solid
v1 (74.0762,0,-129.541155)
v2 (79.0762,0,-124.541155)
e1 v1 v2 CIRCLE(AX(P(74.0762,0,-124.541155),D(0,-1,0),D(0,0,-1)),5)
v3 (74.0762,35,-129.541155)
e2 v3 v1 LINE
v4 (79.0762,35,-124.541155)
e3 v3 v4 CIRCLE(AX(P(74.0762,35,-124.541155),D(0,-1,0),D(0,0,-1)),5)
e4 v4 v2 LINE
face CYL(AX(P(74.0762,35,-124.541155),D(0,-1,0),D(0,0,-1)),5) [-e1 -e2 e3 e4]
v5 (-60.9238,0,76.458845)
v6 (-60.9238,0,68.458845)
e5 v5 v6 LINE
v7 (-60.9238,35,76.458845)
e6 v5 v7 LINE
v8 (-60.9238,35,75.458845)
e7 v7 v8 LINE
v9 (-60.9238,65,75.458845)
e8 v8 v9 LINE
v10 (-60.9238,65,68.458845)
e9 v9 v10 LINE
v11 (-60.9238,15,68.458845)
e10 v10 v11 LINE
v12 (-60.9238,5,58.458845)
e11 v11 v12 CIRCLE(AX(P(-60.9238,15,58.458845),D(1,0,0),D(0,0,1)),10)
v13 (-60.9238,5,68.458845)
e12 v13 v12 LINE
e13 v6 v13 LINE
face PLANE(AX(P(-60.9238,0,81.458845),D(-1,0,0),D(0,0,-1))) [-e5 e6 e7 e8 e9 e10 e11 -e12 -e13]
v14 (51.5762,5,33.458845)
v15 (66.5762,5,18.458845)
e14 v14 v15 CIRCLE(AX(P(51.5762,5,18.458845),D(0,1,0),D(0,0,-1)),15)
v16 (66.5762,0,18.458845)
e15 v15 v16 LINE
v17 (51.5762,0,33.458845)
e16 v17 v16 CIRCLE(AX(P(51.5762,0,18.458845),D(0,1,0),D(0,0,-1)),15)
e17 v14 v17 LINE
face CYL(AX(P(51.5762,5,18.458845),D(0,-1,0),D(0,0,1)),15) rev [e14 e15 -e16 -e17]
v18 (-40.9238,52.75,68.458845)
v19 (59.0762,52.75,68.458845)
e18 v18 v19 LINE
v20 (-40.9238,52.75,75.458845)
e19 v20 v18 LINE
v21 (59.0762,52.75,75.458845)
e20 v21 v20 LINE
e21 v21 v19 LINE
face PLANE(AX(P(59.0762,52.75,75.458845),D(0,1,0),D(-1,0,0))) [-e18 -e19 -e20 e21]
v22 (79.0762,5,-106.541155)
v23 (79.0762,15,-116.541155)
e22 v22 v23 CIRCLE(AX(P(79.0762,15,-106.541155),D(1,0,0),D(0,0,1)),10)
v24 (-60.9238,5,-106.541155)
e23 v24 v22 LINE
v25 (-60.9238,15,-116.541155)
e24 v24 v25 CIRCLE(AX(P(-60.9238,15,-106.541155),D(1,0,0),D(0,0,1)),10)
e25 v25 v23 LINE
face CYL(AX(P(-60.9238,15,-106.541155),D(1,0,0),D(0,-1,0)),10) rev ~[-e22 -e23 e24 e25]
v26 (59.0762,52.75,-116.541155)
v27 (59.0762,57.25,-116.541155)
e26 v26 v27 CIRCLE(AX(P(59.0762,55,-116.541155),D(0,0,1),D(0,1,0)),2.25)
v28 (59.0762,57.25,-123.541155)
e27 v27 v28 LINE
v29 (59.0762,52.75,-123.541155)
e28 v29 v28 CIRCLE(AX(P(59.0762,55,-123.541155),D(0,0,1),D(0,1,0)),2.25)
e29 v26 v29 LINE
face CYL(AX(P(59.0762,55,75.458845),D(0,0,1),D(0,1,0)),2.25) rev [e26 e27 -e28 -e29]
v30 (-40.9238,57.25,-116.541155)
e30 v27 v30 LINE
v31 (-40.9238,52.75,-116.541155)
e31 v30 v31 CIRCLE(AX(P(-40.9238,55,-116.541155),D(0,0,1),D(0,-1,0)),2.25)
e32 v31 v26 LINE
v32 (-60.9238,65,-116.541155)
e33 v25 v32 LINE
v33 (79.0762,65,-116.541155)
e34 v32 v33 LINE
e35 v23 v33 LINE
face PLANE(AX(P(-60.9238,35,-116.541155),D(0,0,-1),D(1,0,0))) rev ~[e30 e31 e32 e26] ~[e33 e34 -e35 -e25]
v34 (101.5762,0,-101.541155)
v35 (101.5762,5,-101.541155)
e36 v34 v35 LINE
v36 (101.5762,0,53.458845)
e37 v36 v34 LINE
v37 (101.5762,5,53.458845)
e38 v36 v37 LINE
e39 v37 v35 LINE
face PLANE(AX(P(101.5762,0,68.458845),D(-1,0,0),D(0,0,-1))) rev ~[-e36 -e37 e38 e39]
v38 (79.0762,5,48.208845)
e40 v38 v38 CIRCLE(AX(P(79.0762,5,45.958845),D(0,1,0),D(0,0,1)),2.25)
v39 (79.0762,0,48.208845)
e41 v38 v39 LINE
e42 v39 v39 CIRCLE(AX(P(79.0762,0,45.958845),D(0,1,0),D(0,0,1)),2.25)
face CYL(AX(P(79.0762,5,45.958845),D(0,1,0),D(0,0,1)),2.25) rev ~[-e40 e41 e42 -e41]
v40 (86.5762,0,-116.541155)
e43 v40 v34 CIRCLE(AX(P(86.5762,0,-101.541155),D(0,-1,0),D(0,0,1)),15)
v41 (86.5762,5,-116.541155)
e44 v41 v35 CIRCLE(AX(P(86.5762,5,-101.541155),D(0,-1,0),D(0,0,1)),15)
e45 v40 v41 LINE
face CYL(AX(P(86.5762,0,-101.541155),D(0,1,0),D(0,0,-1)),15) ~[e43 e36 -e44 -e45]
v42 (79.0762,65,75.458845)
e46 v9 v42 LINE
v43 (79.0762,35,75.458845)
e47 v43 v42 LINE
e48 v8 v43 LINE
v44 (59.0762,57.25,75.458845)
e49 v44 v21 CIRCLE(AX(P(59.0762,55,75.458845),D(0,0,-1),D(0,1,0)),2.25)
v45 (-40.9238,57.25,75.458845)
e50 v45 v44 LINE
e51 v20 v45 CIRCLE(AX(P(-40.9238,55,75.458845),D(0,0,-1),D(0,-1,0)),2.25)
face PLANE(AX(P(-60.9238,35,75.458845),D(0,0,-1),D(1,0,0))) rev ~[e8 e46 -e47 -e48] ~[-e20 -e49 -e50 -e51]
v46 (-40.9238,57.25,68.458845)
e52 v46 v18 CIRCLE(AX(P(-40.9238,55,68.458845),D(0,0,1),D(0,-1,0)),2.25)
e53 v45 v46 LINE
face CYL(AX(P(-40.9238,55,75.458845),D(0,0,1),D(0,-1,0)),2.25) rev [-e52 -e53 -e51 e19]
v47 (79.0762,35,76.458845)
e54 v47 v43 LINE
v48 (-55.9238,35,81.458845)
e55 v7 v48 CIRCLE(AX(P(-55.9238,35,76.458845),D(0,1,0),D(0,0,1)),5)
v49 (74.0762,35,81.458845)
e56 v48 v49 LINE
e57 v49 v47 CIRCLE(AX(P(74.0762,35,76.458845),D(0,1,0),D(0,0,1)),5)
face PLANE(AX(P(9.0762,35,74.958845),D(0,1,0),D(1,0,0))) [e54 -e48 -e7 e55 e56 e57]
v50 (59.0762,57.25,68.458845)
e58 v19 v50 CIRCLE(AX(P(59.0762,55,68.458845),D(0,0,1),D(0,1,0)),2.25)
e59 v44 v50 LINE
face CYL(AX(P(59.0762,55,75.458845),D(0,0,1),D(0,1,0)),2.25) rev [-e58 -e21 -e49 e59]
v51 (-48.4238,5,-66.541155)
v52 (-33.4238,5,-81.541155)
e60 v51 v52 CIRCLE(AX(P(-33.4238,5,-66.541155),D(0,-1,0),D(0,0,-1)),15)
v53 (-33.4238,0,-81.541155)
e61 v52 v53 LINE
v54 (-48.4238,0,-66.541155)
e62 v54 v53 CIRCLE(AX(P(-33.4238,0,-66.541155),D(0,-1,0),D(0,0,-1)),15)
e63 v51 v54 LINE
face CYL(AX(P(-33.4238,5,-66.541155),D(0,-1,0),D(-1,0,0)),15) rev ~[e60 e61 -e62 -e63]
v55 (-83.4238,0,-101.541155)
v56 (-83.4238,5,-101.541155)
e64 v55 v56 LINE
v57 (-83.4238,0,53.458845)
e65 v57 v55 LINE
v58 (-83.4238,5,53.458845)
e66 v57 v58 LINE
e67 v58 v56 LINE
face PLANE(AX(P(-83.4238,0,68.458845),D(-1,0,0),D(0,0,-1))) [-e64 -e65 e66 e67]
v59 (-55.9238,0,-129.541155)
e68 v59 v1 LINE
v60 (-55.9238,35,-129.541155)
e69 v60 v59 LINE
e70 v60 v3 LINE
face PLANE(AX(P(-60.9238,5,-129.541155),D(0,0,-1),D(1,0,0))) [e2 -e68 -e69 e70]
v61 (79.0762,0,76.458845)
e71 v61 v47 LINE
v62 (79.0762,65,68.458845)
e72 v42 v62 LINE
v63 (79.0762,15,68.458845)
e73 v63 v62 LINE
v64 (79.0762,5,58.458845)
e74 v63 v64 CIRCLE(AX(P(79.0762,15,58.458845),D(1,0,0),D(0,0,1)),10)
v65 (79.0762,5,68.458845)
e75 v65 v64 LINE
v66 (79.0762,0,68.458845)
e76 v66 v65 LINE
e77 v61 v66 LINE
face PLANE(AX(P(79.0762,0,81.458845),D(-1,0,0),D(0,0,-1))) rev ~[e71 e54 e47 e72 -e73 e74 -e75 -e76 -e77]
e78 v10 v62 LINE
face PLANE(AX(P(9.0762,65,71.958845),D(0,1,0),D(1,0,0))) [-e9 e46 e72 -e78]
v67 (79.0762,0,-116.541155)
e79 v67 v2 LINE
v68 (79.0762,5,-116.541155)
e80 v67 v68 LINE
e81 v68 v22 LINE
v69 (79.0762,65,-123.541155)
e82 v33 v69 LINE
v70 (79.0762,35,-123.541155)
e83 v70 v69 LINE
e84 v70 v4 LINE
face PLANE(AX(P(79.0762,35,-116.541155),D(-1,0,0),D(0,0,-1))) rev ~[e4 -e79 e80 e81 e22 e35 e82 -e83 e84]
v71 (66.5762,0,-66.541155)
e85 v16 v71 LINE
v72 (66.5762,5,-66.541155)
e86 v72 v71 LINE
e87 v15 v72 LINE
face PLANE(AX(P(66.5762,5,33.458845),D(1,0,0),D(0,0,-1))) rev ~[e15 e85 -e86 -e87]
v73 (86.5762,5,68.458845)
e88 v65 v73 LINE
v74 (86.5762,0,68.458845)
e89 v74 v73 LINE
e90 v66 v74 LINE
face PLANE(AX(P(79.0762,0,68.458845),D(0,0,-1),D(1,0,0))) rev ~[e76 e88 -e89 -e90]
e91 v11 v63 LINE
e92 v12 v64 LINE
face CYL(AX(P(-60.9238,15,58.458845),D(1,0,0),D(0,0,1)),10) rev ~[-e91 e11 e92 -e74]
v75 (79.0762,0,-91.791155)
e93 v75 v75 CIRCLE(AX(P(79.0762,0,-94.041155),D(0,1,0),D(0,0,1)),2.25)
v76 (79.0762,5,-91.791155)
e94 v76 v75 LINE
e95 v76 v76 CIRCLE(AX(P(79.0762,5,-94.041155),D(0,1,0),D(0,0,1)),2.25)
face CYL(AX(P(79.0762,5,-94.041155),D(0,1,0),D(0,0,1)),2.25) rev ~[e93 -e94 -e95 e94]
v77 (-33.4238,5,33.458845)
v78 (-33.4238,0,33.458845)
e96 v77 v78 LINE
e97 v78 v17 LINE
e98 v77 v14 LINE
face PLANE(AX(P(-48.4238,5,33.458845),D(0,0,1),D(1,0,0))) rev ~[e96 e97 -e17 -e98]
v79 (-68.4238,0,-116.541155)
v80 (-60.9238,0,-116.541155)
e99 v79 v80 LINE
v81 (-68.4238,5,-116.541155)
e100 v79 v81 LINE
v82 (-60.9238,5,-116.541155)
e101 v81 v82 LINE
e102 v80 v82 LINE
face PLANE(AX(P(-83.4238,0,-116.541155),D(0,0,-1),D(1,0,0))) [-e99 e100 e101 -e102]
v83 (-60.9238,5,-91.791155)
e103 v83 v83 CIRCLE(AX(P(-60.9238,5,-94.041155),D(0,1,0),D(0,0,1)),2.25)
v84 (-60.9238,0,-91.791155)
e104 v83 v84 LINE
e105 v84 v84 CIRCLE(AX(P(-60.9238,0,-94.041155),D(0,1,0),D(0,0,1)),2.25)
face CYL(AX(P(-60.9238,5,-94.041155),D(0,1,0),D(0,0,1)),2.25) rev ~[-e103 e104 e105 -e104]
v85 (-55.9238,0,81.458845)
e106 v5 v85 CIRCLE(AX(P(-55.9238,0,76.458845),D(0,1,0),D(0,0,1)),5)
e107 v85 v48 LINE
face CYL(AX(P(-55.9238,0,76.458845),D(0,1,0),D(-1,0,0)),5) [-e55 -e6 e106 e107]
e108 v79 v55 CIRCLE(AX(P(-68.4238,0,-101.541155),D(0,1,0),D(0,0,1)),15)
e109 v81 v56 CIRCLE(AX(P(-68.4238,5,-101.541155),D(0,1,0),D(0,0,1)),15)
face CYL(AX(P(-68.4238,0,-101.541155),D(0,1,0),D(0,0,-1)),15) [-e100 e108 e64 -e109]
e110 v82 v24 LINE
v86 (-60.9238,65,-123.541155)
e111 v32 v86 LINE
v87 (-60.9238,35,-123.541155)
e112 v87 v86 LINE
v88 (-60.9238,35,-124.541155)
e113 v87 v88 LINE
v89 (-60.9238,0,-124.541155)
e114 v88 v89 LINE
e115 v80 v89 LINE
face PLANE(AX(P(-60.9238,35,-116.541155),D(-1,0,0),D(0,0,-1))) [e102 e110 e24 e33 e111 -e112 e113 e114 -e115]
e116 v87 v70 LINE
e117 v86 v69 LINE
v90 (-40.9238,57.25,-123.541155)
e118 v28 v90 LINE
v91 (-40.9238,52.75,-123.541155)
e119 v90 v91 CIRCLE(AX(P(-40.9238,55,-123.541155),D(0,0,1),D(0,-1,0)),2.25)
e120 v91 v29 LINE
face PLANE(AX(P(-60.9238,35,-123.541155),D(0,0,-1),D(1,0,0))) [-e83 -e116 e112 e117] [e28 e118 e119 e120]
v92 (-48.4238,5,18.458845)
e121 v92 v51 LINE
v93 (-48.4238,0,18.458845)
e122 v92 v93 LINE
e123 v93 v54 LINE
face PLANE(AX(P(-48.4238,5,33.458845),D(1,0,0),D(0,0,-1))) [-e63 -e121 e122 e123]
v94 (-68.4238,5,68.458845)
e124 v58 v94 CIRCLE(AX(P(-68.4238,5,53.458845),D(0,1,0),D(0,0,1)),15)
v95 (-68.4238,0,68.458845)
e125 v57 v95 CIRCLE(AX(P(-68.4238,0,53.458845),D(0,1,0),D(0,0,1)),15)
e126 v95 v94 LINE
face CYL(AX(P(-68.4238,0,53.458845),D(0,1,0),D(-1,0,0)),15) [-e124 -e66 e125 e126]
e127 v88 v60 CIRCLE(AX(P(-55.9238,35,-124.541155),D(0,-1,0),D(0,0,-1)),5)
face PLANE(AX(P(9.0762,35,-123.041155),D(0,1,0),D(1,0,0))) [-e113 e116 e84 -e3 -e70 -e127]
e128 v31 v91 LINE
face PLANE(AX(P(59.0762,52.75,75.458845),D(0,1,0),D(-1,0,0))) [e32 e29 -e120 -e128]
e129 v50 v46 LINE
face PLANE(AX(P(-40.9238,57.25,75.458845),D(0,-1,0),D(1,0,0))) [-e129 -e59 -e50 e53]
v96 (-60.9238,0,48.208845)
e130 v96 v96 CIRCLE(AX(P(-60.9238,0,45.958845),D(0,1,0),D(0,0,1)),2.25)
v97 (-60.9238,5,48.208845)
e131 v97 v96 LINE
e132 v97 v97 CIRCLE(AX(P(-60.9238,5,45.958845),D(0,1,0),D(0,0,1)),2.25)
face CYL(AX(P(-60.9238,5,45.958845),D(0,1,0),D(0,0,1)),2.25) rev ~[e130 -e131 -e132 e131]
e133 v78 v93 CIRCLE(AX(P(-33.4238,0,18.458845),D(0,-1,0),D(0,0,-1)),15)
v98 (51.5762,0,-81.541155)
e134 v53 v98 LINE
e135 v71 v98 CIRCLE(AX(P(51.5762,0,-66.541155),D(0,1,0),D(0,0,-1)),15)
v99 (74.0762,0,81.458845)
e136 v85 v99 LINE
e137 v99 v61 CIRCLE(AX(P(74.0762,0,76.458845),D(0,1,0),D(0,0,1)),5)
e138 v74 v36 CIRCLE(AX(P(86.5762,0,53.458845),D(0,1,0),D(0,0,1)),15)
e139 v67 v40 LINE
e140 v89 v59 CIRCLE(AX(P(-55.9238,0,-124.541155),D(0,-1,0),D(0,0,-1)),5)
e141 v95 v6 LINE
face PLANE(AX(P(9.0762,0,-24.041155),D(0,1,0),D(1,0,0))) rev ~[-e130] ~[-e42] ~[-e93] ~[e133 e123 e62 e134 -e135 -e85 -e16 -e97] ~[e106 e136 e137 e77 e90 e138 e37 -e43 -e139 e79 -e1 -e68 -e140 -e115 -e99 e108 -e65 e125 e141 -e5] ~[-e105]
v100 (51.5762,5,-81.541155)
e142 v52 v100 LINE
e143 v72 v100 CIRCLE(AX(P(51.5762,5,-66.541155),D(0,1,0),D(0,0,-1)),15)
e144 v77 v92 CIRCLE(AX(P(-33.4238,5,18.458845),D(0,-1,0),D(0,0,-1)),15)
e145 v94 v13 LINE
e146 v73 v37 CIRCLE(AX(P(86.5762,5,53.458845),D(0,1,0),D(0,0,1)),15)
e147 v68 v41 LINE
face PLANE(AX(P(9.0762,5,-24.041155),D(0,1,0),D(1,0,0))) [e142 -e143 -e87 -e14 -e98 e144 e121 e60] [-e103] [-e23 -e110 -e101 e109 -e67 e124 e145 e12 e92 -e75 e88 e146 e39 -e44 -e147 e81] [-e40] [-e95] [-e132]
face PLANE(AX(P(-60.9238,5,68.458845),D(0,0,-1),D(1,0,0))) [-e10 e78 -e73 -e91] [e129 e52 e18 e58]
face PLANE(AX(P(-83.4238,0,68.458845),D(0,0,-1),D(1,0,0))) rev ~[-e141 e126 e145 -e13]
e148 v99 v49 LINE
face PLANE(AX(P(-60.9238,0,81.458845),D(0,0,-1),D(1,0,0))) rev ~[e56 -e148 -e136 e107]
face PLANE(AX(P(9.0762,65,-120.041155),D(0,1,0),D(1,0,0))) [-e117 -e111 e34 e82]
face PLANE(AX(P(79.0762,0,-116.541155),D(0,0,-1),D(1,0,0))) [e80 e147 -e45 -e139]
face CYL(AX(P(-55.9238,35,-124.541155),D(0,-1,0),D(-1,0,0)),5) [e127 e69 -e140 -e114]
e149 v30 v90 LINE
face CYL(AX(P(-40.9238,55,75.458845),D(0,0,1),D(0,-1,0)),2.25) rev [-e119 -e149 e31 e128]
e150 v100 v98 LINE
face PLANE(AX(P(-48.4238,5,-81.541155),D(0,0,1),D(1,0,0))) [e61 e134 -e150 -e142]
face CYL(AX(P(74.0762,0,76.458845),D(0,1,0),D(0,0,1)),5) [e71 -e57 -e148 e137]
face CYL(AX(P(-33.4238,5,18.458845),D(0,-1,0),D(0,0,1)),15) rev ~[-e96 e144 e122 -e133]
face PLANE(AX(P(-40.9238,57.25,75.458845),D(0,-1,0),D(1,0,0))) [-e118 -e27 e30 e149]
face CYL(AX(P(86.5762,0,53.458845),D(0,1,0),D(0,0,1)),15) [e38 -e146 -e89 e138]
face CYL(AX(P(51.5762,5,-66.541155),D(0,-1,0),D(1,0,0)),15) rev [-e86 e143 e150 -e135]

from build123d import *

# Parameters (mm, degrees)
SKETCH1_W           = 185
SKETCH1_H           = 185
SKETCH1_W_2         = 140
SKETCH1_H_2         = 13
BOSS_EXTRUDE1_DEPTH = 5
SKETCH2_W           = 140
SKETCH2_H           = 13
BOSS_EXTRUDE2_DEPTH = 30
SKETCH4_W           = 140
SKETCH4_H           = 7
BOSS_EXTRUDE3_DEPTH = 30
CUT_EXTRUDE1_DEPTH  = 1000
SKETCH6_W           = 115
SKETCH6_H           = 115
CUT_EXTRUDE2_DEPTH  = 1000
SKETCH7_R           = 2.25
CUT_EXTRUDE3_DEPTH  = 1000
FILLET1_R           = 15
FILLET2_R           = 5
FILLET3_R           = 10


with BuildPart() as part:
    # Sketch1 → Boss-Extrude1 (new body)
    with BuildSketch(Plane(origin=(0, 0, 0), x_dir=(1, 0, 0), z_dir=(0, 1, 0))):
        with Locations((9.076200418, 24.041155145)):
            Rectangle(SKETCH1_W, SKETCH1_H)
        with Locations((9.076200418, -74.958844855)):
            Rectangle(SKETCH1_W_2, SKETCH1_H_2)
        with Locations((9.076200418, 123.041155145)):
            Rectangle(SKETCH1_W_2, SKETCH1_H_2)
    extrude(amount=BOSS_EXTRUDE1_DEPTH)

    # Sketch2 → Boss-Extrude2 (add)
    with BuildSketch(Plane(origin=(0, 5, 0), x_dir=(1, 0, 0), z_dir=(0, 1, 0))):
        with Locations((9.076200418, 123.041155145)):
            Rectangle(SKETCH2_W, SKETCH2_H)
        with Locations((9.076200418, -74.958844855)):
            Rectangle(SKETCH2_W, SKETCH2_H)
    extrude(amount=BOSS_EXTRUDE2_DEPTH)

    # Sketch4 → Boss-Extrude3 (add)
    with BuildSketch(Plane(origin=(0, 35, 0), x_dir=(1, 0, 0), z_dir=(0, 1, 0))):
        with Locations((9.076200418, 120.041155145)):
            Rectangle(SKETCH4_W, SKETCH4_H)
        with Locations((9.076200418, -71.958844855)):
            Rectangle(SKETCH4_W, SKETCH4_H)
    extrude(amount=BOSS_EXTRUDE3_DEPTH)

    # Sketch5 → Cut-Extrude1 (cut)
    with BuildSketch(Plane.XY.offset(75.458844855)):
        with BuildLine():
            Line((-40.923799582, 57.25), (59.076200418, 57.25))
            ThreePointArc((59.076200418, 57.25), (61.326200418, 55), (59.076200418, 52.75))
            Line((59.076200418, 52.75), (-40.923799582, 52.75))
            ThreePointArc((-40.923799582, 52.75), (-43.173799582, 55), (-40.923799582, 57.25))
        make_face()
    extrude(amount=-CUT_EXTRUDE1_DEPTH, mode=Mode.SUBTRACT)

    # Sketch6 → Cut-Extrude2 (cut)
    with BuildSketch(Plane(origin=(0, 5, 0), x_dir=(1, 0, 0), z_dir=(0, 1, 0))):
        with Locations((9.076200418, 24.041155145)):
            Rectangle(SKETCH6_W, SKETCH6_H)
    extrude(amount=-CUT_EXTRUDE2_DEPTH, mode=Mode.SUBTRACT)

    # Sketch7 → Cut-Extrude3 (cut)
    with BuildSketch(Plane(origin=(0, 5, 0), x_dir=(1, 0, 0), z_dir=(0, 1, 0))):
        with Locations(Location((-60.923799582, 94.041155145, 0), (0, 0, 270))):
            Circle(SKETCH7_R)
        with Locations(Location((79.076200418, 94.041155145, 0), (0, 0, 270))):
            Circle(SKETCH7_R)
        with Locations(Location((79.076200418, -45.958844855, 0), (0, 0, 270))):
            Circle(SKETCH7_R)
        with Locations(Location((-60.923799582, -45.958844855, 0), (0, 0, 270))):
            Circle(SKETCH7_R)
    extrude(amount=-CUT_EXTRUDE3_DEPTH, mode=Mode.SUBTRACT)

    # Fillet1
    fillet1_edges = [part.edges().sort_by_distance(p)[0] for p in [
        (-48.423799582, 2.5, 33.458844855),
        (-48.423799582, 2.5, -81.541155145),
        (66.576200418, 2.5, -81.541155145),
        (66.576200418, 2.5, 33.458844855),
        (101.576200418, 2.5, 68.458844855),
        (-83.423799582, 2.5, 68.458844855),
        (-83.423799582, 2.5, -116.541155145),
        (101.576200418, 2.5, -116.541155145),
    ]]
    fillet(fillet1_edges, radius=FILLET1_R)

    # Fillet2
    fillet2_edges = [part.edges().sort_by_distance(p)[0] for p in [
        (79.076200418, 17.5, 81.458844855),
        (-60.923799582, 17.5, 81.458844855),
        (-60.923799582, 17.5, -129.541155145),
        (79.076200418, 17.5, -129.541155145),
    ]]
    fillet(fillet2_edges, radius=FILLET2_R)

    # Fillet3
    fillet3_edges = [part.edges().sort_by_distance(p)[0] for p in [
        (9.076200418, 5, -116.541155145),
        (9.076200418, 5, 68.458844855),
    ]]
    fillet(fillet3_edges, radius=FILLET3_R)


solid = part.part
